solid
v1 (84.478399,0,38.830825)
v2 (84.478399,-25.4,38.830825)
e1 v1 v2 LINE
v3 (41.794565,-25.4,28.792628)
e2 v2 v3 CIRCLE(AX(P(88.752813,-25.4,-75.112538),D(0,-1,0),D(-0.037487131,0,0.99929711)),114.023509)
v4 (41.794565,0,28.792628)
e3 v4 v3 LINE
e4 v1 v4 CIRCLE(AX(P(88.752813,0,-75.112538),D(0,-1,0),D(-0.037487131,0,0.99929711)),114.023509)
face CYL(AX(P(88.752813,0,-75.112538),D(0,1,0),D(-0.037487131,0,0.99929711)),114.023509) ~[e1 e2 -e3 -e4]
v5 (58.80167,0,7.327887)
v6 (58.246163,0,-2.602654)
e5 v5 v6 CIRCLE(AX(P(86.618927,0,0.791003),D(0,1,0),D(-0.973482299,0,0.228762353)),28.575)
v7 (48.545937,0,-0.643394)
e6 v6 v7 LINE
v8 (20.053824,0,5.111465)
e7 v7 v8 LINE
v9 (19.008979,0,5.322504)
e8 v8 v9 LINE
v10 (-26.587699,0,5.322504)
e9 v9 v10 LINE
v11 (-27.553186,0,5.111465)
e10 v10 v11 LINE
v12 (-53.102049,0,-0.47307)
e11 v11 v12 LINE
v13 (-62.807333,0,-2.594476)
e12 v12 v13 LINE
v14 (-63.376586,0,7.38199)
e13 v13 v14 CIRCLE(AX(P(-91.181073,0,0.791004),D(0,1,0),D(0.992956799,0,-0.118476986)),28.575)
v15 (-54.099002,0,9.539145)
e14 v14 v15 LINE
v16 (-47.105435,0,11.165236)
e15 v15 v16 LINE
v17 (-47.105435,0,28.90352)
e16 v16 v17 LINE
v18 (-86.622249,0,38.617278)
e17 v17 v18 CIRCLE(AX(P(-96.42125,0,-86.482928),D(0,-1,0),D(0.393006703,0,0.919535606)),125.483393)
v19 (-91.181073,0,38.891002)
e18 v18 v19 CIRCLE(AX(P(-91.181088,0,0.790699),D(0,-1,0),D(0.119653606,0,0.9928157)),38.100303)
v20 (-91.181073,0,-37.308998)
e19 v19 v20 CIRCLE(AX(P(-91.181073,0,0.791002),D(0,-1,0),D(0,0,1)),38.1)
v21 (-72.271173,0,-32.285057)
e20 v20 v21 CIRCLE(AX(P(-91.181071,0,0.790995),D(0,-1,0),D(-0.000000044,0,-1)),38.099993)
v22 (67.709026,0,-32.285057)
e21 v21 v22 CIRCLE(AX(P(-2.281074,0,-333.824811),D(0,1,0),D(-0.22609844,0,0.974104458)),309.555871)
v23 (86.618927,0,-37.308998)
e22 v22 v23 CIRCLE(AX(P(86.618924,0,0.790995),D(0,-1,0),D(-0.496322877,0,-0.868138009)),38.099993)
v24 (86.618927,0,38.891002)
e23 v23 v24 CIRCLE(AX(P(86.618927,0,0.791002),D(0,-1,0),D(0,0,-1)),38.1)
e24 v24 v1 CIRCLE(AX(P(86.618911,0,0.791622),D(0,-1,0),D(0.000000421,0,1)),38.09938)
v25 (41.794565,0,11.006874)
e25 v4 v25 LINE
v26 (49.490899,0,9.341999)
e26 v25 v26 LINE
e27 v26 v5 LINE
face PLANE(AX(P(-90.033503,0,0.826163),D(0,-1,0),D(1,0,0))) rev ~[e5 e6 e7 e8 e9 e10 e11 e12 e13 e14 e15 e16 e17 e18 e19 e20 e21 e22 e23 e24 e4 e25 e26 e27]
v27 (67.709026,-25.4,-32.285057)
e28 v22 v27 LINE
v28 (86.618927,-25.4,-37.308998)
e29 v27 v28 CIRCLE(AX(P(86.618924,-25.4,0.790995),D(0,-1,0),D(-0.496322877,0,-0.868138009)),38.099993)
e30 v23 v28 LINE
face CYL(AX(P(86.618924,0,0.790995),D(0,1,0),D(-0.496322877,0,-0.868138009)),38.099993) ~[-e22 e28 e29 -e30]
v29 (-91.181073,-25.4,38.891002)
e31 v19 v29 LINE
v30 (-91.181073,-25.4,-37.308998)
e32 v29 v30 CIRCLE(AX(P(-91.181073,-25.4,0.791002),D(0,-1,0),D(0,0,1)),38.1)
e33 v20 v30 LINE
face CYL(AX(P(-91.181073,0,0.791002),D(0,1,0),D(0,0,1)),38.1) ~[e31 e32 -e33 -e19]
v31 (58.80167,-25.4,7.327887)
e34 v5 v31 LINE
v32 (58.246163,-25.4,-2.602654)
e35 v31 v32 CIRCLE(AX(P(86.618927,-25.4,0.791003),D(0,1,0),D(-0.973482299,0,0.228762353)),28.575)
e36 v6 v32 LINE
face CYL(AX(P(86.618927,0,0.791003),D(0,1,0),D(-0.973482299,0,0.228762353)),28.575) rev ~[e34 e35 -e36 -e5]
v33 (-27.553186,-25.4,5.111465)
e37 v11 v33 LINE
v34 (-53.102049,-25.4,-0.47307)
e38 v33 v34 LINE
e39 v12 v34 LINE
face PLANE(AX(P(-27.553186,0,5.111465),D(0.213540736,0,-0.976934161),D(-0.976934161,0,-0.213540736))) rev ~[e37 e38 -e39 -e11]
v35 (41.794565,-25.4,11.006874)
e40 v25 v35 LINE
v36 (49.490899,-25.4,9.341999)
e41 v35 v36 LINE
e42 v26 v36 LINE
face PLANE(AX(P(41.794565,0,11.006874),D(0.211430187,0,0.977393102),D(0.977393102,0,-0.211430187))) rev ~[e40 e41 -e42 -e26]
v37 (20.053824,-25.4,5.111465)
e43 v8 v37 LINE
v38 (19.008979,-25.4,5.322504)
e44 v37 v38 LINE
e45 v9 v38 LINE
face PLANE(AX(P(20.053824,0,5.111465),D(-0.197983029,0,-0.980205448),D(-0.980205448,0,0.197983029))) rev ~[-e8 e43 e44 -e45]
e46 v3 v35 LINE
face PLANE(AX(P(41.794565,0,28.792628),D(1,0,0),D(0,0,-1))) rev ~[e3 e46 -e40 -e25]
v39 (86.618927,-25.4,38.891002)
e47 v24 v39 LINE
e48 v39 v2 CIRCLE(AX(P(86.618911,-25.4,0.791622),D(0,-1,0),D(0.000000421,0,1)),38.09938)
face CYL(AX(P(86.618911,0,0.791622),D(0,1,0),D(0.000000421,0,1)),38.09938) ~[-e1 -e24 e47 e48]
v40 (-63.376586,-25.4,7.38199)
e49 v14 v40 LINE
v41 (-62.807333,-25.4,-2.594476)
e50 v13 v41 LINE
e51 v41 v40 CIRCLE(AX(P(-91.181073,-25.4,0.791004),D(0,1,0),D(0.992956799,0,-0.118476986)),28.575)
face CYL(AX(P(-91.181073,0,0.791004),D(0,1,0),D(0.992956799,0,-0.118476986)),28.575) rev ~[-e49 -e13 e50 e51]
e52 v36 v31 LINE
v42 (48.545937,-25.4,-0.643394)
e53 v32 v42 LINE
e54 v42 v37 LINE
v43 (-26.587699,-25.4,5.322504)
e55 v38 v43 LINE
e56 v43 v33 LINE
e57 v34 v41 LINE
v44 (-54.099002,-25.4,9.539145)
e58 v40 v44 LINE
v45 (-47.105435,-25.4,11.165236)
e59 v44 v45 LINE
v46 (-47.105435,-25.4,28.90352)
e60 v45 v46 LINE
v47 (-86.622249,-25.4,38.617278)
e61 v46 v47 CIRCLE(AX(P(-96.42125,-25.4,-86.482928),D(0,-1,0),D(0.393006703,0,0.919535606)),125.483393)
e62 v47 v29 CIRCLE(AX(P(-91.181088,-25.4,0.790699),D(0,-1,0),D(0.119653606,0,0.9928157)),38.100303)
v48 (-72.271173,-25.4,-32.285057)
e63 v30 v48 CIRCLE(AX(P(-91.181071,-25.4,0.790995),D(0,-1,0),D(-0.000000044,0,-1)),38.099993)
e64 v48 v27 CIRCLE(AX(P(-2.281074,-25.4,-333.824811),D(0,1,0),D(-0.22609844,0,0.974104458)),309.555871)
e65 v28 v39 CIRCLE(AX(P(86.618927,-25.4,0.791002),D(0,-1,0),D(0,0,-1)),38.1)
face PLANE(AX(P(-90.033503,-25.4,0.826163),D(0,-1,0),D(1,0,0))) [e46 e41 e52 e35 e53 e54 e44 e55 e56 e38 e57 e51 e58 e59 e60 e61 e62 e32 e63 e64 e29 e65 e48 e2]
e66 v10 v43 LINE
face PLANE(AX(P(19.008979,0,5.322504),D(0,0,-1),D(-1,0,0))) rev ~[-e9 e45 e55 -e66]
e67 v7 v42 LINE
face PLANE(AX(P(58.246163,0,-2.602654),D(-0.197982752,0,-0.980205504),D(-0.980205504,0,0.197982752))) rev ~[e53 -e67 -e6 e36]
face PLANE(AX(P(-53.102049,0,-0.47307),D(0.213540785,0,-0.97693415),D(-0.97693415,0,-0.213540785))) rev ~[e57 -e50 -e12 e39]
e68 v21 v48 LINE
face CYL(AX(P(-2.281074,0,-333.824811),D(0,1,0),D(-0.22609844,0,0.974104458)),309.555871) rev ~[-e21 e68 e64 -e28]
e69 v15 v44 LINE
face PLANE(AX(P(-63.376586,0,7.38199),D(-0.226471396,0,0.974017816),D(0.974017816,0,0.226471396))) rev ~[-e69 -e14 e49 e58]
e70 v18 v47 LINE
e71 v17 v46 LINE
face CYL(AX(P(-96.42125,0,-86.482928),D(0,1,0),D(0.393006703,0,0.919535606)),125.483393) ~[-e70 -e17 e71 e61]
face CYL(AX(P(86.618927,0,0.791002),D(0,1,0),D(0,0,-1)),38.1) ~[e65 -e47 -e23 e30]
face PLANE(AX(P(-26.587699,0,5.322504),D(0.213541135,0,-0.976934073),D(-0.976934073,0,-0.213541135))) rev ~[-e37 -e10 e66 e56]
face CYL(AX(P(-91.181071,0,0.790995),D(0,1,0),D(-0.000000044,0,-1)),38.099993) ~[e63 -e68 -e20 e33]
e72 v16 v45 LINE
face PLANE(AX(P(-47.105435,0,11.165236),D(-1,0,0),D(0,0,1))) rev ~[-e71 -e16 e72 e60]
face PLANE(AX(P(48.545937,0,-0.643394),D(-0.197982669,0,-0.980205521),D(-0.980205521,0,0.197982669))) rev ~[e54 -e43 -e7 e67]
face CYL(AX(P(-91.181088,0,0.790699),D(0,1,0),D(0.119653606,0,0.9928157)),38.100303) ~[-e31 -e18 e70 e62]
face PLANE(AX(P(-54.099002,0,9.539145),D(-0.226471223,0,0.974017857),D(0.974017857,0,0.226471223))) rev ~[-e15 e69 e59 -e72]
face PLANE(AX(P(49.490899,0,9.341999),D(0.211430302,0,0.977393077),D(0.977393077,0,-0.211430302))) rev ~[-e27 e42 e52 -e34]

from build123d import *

# Parameters (mm, degrees)
F1_DEPTH = 25.4


with BuildPart() as f1:
    # F0 (on Front) → F1 (new body)
    with BuildSketch(Plane.XZ):
        with BuildLine():
            ThreePointArc((-86.622249, 38.617278), (-88.900416, 38.774882), (-91.181073, 38.891002))
            ThreePointArc((-91.181073, 38.891002), (-129.281073, 0.791002), (-91.181073, -37.308998))
            ThreePointArc((-91.181073, -37.308998), (-81.765826, -34.647587), (-72.271173, -32.285057))
            ThreePointArc((-72.271173, -32.285057), (-58.547731, -18.873051), (-53.102049, -0.47307))
            Line((-53.102049, -0.47307), (-62.807333, -2.594476))
            ThreePointArc((-62.807333, -2.594476), (-119.709669, -0.83683), (-63.376586, 7.38199))
            Line((-63.376586, 7.38199), (-54.099002, 9.539145))
            ThreePointArc((-54.099002, 9.539145), (-65.786674, 29.194074), (-86.622249, 38.617278))
        make_face()
        with BuildLine():
            ThreePointArc((-86.622249, 38.617278), (-88.897556, 38.822509), (-91.181073, 38.891002))
            ThreePointArc((-91.181073, 38.891002), (-88.900416, 38.774882), (-86.622249, 38.617278))
        make_face()
        with BuildLine():
            ThreePointArc((-72.271173, -32.285057), (-81.765826, -34.647587), (-91.181073, -37.308998))
            ThreePointArc((-91.181073, -37.308998), (-81.398125, -36.031599), (-72.271173, -32.285057))
        make_face()
        with BuildLine():
            ThreePointArc((-47.105435, 28.90352), (-66.467458, 35.372939), (-86.622249, 38.617278))
            ThreePointArc((-86.622249, 38.617278), (-65.786674, 29.194074), (-54.099002, 9.539145))
            Line((-54.099002, 9.539145), (-47.105435, 11.165236))
            Line((-47.105435, 11.165236), (-47.105435, 28.90352))
        make_face()
        with BuildLine():
            ThreePointArc((-53.102049, -0.47307), (-58.547731, -18.873051), (-72.271173, -32.285057))
            ThreePointArc((-72.271173, -32.285057), (-2.281073, -24.26894), (67.709026, -32.285057))
            ThreePointArc((67.709026, -32.285057), (54.029647, -18.945991), (48.545937, -0.643394))
            Line((48.545937, -0.643394), (20.053824, 5.111465))
            Line((20.053824, 5.111465), (-27.553186, 5.111465))
            Line((-27.553186, 5.111465), (-53.102049, -0.47307))
        make_face()
        with BuildLine():
            ThreePointArc((86.618927, -37.308998), (77.203679, -34.647587), (67.709026, -32.285057))
            ThreePointArc((67.709026, -32.285057), (76.835978, -36.031599), (86.618927, -37.308998))
        make_face()
        with BuildLine():
            ThreePointArc((48.545937, -0.643394), (54.029647, -18.945991), (67.709026, -32.285057))
            ThreePointArc((67.709026, -32.285057), (77.203679, -34.647587), (86.618927, -37.308998))
            ThreePointArc((86.618927, -37.308998), (124.718927, 0.791002), (86.618927, 38.891002))
            ThreePointArc((86.618927, 38.891002), (85.548522, 38.865939), (84.478399, 38.830825))
            ThreePointArc((84.478399, 38.830825), (62.064852, 29.923586), (49.490899, 9.341999))
            Line((49.490899, 9.341999), (58.80167, 7.327887))
            ThreePointArc((58.80167, 7.327887), (115.149323, -0.804968), (58.246163, -2.602654))
            Line((58.246163, -2.602654), (48.545937, -0.643394))
        make_face()
        Polygon((-26.587699, 5.322504), (-27.553186, 5.111465), (20.053824, 5.111465), (19.008979, 5.322504), align=None)
        with BuildLine():
            ThreePointArc((84.478399, 38.830825), (85.548522, 38.865939), (86.618927, 38.891002))
            ThreePointArc((86.618927, 38.891002), (85.54824, 38.875955), (84.478399, 38.830825))
        make_face()
        with BuildLine():
            ThreePointArc((49.490899, 9.341999), (62.064852, 29.923586), (84.478399, 38.830825))
            ThreePointArc((84.478399, 38.830825), (62.649408, 35.882835), (41.794565, 28.792628))
            Line((41.794565, 28.792628), (41.794565, 11.006874))
            Line((41.794565, 11.006874), (49.490899, 9.341999))
        make_face()
    extrude(amount=F1_DEPTH)


solid = f1.part
